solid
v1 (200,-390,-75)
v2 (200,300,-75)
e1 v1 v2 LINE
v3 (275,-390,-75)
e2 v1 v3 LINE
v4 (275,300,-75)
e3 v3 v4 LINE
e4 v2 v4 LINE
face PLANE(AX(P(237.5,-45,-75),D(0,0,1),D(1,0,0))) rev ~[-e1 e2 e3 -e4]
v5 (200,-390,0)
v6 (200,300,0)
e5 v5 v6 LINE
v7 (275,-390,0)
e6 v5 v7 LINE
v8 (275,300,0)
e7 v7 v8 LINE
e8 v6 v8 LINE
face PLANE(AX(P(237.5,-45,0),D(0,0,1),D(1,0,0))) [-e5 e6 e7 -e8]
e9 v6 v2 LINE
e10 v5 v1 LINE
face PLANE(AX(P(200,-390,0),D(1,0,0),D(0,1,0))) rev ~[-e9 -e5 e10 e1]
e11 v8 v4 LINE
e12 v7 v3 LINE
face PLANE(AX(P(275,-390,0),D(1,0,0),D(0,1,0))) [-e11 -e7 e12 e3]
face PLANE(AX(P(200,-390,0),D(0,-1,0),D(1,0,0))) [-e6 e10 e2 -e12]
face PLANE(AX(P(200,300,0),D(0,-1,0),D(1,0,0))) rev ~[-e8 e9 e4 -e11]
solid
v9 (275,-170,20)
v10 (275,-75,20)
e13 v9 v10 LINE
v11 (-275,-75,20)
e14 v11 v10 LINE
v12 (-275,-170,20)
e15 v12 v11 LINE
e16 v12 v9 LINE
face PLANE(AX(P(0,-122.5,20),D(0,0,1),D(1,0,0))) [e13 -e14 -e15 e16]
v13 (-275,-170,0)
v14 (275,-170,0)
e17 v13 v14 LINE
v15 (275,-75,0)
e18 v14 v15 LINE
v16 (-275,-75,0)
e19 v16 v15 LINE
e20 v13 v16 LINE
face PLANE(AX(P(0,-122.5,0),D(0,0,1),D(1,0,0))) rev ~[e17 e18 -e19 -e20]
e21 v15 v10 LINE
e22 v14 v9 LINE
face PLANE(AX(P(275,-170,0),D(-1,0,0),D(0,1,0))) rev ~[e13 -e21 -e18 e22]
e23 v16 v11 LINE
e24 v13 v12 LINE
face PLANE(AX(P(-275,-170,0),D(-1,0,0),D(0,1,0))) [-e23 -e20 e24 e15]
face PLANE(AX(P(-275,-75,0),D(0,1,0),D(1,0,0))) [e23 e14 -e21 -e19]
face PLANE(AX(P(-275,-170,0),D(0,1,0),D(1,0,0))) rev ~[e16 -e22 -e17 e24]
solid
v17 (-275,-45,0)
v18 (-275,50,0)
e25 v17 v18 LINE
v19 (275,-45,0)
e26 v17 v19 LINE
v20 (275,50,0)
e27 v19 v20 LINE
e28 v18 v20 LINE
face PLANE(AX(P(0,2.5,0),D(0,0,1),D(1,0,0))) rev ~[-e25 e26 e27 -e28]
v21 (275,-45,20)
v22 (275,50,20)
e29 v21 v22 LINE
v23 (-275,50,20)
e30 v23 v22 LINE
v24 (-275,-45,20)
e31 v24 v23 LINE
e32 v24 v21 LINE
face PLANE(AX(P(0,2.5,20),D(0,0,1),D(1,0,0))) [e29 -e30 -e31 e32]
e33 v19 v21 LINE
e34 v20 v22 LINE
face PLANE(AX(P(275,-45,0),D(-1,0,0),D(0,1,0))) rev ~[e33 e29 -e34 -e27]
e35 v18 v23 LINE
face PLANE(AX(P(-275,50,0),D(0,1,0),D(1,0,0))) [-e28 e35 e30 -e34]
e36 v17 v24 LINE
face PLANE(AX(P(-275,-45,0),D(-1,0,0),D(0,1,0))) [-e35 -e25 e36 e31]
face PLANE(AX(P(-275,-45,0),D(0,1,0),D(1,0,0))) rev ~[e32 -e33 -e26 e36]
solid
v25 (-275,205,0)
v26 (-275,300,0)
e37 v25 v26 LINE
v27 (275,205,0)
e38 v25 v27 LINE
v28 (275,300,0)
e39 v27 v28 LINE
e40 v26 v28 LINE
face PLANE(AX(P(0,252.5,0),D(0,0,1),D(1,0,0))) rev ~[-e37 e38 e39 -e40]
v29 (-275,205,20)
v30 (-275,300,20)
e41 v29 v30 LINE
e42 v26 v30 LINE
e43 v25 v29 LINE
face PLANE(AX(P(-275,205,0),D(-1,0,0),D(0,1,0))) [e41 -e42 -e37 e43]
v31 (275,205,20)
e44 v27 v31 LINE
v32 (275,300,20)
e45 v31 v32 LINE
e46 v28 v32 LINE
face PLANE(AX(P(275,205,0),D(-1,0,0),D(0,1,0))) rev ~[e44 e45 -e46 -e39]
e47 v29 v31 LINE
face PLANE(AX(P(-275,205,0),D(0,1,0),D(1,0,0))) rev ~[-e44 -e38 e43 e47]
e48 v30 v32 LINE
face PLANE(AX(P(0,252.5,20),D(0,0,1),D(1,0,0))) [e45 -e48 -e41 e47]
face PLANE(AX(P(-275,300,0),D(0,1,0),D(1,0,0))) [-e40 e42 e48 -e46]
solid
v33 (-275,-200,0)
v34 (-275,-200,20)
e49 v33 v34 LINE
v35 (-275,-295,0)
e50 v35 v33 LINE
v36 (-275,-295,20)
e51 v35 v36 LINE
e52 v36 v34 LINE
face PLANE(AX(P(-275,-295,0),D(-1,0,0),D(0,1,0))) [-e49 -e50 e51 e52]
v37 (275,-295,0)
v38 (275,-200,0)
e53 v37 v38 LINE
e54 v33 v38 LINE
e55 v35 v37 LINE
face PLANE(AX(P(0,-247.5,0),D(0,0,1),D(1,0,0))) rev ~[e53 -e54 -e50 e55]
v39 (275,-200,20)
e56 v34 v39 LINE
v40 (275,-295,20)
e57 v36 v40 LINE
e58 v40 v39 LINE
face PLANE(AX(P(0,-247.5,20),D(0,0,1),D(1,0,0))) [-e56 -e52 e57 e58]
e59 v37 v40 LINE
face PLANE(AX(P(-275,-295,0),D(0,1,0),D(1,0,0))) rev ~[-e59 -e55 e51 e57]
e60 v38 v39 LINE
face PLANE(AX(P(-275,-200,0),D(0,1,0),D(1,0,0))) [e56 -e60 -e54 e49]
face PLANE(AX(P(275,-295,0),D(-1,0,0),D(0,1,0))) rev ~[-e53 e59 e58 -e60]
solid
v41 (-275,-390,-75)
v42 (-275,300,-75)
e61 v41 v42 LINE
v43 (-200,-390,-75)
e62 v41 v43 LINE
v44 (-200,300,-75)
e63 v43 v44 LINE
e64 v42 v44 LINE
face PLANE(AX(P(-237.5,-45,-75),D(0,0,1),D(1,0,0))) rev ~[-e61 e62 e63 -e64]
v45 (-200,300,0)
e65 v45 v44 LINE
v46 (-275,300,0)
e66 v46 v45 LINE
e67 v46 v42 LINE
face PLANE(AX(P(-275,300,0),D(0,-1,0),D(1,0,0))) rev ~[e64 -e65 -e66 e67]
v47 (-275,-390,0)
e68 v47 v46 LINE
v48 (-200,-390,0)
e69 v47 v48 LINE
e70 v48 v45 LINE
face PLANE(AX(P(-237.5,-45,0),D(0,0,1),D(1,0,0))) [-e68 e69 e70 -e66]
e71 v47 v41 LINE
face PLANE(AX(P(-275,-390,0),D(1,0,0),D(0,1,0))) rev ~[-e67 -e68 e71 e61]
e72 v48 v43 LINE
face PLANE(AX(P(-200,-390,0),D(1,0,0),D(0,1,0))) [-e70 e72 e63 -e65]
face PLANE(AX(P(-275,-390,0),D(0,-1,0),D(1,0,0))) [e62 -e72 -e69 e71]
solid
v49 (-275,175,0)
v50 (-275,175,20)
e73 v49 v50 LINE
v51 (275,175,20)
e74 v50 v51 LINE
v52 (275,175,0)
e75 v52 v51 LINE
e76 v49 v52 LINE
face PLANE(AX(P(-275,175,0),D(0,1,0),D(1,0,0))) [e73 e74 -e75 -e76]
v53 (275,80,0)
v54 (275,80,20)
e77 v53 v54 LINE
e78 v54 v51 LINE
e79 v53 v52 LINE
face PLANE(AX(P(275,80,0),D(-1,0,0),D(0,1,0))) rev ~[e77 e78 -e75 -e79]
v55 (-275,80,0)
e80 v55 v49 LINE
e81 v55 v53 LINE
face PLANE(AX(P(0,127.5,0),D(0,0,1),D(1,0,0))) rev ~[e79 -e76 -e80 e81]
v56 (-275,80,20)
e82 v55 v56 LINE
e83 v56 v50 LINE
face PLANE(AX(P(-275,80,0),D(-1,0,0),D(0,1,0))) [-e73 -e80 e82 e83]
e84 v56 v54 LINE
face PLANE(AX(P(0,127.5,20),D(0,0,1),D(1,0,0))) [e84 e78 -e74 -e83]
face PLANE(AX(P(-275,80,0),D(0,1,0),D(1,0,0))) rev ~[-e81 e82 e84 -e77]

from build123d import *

# Parameters (mm, degrees)
F0_W     = 550
F0_H     = 95
F1_DEPTH = 20
F2_W     = 75
F2_H     = 690
F3_DEPTH = 75


with BuildPart() as f1:
    # F0 (on Top) → F1 (new body)
    with BuildSketch(Plane.XY):
        with Locations((0, 252.5)):
            Rectangle(F0_W, F0_H)
        with Locations((0, 127.5)):
            Rectangle(F0_W, F0_H)
        with Locations((0, 2.5)):
            Rectangle(F0_W, F0_H)
        with Locations((0, -122.5)):
            Rectangle(F0_W, F0_H)
        with Locations((0, -247.5)):
            Rectangle(F0_W, F0_H)
    extrude(amount=F1_DEPTH)


with BuildPart() as f3:
    # F2 (on Top) → F3 (new body)
    with BuildSketch(Plane.XY):
        with Locations((237.5, -45)):
            Rectangle(F2_W, F2_H)
        with Locations((-237.5, -45)):
            Rectangle(F2_W, F2_H)
    extrude(amount=-F3_DEPTH)


solid = Compound([f1.part, f3.part])
